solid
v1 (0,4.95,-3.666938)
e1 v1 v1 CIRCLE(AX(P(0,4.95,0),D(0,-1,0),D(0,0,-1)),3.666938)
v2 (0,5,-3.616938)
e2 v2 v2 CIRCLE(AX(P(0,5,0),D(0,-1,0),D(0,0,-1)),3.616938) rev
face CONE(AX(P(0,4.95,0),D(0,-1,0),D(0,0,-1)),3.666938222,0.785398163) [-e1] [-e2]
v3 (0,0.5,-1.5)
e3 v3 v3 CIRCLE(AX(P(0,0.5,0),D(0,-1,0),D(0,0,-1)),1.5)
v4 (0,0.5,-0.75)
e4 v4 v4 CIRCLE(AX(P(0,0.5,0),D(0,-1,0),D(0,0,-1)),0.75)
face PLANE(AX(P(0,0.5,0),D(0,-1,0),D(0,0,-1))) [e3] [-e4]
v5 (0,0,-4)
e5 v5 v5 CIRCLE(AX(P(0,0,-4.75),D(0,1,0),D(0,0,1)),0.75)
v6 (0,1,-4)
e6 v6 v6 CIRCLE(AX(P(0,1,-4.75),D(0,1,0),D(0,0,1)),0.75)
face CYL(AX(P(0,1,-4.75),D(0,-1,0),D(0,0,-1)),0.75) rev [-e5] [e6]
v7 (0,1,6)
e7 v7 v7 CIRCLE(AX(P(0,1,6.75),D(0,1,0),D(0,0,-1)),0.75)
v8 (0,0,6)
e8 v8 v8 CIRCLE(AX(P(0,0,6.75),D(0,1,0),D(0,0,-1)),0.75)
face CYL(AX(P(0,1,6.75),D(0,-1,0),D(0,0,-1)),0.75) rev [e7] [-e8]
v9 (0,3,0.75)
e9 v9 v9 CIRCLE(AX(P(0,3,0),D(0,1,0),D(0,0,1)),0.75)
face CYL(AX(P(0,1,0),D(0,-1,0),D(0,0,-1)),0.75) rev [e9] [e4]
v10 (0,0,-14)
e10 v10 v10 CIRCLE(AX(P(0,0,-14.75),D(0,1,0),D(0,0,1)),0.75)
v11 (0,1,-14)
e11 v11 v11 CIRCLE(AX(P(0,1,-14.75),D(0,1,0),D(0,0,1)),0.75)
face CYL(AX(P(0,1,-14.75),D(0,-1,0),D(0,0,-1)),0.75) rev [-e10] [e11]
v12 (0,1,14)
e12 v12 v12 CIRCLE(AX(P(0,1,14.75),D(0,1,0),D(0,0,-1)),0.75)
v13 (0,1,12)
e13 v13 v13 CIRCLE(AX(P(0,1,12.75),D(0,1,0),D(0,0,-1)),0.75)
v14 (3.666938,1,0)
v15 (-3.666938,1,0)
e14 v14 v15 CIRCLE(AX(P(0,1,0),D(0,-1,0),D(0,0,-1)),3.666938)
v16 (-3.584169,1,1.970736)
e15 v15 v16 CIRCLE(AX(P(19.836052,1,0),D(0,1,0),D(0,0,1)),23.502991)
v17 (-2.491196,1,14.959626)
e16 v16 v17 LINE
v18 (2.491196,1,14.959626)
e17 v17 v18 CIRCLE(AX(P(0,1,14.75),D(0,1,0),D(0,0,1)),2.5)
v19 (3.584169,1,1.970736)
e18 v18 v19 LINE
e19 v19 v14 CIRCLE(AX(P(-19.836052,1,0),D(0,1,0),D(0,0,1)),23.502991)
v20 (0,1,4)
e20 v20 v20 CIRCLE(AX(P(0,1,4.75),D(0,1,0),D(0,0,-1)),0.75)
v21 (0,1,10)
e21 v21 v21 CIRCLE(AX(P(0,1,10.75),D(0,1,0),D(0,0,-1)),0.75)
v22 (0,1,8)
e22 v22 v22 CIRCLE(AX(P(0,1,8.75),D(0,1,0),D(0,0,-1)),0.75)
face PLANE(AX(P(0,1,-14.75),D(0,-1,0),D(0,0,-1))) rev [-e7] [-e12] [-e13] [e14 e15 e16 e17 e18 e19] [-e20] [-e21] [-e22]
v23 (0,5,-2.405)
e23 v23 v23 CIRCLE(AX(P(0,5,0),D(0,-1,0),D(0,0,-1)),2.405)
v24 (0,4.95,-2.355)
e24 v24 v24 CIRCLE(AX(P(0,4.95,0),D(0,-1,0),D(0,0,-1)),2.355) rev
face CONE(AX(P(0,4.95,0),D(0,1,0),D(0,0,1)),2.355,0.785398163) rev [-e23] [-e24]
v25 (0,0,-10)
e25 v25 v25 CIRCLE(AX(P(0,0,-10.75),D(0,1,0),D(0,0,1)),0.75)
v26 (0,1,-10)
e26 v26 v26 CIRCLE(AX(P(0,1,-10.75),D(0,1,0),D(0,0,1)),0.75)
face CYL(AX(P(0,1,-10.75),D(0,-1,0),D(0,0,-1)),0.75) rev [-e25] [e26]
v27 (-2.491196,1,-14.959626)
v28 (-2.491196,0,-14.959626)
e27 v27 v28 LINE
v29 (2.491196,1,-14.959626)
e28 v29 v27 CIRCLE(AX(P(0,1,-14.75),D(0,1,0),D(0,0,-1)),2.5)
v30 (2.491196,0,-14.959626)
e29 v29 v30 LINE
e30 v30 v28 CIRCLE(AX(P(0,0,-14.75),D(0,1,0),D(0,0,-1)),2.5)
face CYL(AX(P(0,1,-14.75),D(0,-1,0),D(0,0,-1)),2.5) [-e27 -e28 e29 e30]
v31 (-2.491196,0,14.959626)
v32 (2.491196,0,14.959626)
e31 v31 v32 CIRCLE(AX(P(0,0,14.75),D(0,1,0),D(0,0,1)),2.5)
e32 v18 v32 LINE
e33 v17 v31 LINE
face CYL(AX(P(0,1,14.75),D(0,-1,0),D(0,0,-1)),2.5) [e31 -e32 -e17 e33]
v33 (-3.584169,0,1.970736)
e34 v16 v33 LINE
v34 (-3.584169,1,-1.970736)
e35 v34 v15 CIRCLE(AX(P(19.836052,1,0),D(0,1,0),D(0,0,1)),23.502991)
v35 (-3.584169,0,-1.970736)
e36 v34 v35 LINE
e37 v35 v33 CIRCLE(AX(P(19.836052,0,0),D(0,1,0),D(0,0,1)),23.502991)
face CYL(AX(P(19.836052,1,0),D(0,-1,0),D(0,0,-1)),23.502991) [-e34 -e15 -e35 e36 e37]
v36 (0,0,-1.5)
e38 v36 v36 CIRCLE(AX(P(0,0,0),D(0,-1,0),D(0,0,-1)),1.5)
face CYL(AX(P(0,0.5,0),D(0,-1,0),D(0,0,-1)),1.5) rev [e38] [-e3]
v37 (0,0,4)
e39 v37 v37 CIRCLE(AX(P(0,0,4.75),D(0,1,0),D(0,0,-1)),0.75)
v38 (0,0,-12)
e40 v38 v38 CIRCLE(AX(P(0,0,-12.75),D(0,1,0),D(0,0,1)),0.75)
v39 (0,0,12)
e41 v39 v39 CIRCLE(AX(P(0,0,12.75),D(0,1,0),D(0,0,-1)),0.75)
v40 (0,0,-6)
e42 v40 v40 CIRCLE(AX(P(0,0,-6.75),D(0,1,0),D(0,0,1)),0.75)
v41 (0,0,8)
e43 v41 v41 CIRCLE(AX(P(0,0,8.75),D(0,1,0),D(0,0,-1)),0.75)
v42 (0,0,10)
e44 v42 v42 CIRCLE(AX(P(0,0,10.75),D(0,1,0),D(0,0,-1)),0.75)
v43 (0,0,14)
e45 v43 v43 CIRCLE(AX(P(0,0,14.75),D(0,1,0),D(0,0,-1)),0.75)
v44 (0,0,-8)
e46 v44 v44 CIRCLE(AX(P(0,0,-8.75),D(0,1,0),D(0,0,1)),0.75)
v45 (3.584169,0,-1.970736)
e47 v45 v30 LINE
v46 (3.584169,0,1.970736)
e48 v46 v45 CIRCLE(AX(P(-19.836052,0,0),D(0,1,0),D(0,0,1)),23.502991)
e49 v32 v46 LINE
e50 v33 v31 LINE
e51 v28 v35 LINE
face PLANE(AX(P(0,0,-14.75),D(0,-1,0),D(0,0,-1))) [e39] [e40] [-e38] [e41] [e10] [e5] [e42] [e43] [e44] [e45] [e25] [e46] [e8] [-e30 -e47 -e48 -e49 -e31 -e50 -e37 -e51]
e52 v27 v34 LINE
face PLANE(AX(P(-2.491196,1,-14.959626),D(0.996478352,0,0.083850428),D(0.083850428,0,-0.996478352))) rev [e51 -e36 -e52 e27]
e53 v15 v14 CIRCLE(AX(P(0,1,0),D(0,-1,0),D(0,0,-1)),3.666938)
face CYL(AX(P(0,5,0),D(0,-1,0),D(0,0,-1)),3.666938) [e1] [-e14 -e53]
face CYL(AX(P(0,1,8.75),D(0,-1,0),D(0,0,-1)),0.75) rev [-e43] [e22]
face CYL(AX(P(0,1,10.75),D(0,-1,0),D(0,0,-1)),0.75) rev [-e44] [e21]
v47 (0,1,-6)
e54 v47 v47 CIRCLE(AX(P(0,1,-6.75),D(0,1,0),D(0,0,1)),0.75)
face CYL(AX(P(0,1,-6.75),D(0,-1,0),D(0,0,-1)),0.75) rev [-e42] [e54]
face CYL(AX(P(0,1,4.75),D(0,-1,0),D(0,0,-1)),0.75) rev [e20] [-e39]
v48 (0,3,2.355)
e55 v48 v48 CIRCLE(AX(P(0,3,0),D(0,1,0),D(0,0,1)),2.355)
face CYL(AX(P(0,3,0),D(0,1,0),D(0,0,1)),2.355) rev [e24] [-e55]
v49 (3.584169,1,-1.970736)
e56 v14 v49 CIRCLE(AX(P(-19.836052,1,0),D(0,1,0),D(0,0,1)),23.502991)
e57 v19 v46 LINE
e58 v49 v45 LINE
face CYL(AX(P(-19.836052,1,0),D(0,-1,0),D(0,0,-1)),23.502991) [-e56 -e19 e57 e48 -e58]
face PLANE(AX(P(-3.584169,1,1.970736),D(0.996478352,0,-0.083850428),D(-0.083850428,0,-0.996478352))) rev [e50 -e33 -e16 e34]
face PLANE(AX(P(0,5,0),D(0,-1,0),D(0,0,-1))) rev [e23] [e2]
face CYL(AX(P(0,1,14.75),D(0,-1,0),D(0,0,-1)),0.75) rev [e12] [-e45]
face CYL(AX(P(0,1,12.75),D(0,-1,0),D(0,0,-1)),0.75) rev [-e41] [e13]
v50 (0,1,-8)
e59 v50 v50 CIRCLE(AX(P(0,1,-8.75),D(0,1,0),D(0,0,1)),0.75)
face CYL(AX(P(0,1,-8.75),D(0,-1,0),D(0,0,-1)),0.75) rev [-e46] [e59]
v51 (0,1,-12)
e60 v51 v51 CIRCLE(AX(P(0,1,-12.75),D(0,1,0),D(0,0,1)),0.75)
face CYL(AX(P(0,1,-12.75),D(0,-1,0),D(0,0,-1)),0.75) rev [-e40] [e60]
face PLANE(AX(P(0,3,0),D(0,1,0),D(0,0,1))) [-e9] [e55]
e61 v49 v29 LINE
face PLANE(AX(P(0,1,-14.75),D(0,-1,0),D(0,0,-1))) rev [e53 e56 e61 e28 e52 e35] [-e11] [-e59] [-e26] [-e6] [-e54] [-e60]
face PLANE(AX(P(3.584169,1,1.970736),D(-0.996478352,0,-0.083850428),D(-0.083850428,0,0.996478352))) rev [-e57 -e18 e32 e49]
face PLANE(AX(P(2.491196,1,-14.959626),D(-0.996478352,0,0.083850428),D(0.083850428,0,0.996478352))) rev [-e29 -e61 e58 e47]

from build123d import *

# Parameters (mm, degrees)
SKETCH1_R           = 0.75
BOSS_EXTRUDE1_DEPTH = 1
SKETCH2_R           = 3.666938222
SKETCH2_R_2         = 0.75
BOSS_EXTRUDE2_DEPTH = 5
SKETCH2_2_R         = 1.5
CUT_EXTRUDE1_DEPTH  = 0.5
SKETCH3_R           = 2.355
CUT_EXTRUDE2_DEPTH  = 2
CHAMFER1_SIZE       = 0.05


with BuildPart() as part:
    # Sketch1 → Boss-Extrude1 (new body)
    with BuildSketch(Plane(origin=(0, 0, 0), x_dir=(1, 0, 0), z_dir=(0, 1, 0))):
        with BuildLine():
            Line((-2.49119588, 14.959626071), (-3.584168958, 1.970735827))
            ThreePointArc((-3.584168958, 1.970735827), (-3.666938222, 0), (-3.584168958, -1.970735827))
            Line((-3.584168958, -1.970735827), (-2.49119588, -14.959626071))
            ThreePointArc((-2.49119588, -14.959626071), (0, -17.25), (2.49119588, -14.959626071))
            Line((2.49119588, -14.959626071), (3.584168958, -1.970735827))
            ThreePointArc((3.584168958, -1.970735827), (3.666938222, 0), (3.584168958, 1.970735827))
            Line((3.584168958, 1.970735827), (2.49119588, 14.959626071))
            ThreePointArc((2.49119588, 14.959626071), (0, 17.25), (-2.49119588, 14.959626071))
        make_face()
        with Locations((0, 14.75)):
            Circle(SKETCH1_R, mode=Mode.SUBTRACT)
        with Locations((0, 12.75)):
            Circle(SKETCH1_R, mode=Mode.SUBTRACT)
        with Locations((0, 10.75)):
            Circle(SKETCH1_R, mode=Mode.SUBTRACT)
        with Locations((0, 8.75)):
            Circle(SKETCH1_R, mode=Mode.SUBTRACT)
        with Locations((0, 6.75)):
            Circle(SKETCH1_R, mode=Mode.SUBTRACT)
        with Locations((0, 4.75)):
            Circle(SKETCH1_R, mode=Mode.SUBTRACT)
        Circle(SKETCH1_R, mode=Mode.SUBTRACT)
        with Locations((0, -14.75)):
            Circle(SKETCH1_R, mode=Mode.SUBTRACT)
        with Locations((0, -12.75)):
            Circle(SKETCH1_R, mode=Mode.SUBTRACT)
        with Locations((0, -10.75)):
            Circle(SKETCH1_R, mode=Mode.SUBTRACT)
        with Locations((0, -8.75)):
            Circle(SKETCH1_R, mode=Mode.SUBTRACT)
        with Locations((0, -6.75)):
            Circle(SKETCH1_R, mode=Mode.SUBTRACT)
        with Locations((0, -4.75)):
            Circle(SKETCH1_R, mode=Mode.SUBTRACT)
    extrude(amount=BOSS_EXTRUDE1_DEPTH)

    # Sketch2 → Boss-Extrude2 (add)
    with BuildSketch(Plane.XZ):
        Circle(SKETCH2_R)
        Circle(SKETCH2_R_2, mode=Mode.SUBTRACT)
    extrude(amount=-BOSS_EXTRUDE2_DEPTH)

    # Sketch2<2> → Cut-Extrude1 (cut)
    with BuildSketch(Plane.XZ):
        Circle(SKETCH2_2_R)
    extrude(amount=-CUT_EXTRUDE1_DEPTH, mode=Mode.SUBTRACT)

    # Sketch3 → Cut-Extrude2 (cut)
    with BuildSketch(Plane(origin=(0, 5, 0), x_dir=(1, 0, 0), z_dir=(0, 1, 0))):
        Circle(SKETCH3_R)
    extrude(amount=-CUT_EXTRUDE2_DEPTH, mode=Mode.SUBTRACT)

    # Chamfer1
    chamfer1_edges = [part.edges().sort_by_distance(p)[0] for p in [
        (-3.666938222, 5, 0),
        (-2.355, 5, 0),
    ]]
    chamfer(chamfer1_edges, length=CHAMFER1_SIZE)


solid = part.part
